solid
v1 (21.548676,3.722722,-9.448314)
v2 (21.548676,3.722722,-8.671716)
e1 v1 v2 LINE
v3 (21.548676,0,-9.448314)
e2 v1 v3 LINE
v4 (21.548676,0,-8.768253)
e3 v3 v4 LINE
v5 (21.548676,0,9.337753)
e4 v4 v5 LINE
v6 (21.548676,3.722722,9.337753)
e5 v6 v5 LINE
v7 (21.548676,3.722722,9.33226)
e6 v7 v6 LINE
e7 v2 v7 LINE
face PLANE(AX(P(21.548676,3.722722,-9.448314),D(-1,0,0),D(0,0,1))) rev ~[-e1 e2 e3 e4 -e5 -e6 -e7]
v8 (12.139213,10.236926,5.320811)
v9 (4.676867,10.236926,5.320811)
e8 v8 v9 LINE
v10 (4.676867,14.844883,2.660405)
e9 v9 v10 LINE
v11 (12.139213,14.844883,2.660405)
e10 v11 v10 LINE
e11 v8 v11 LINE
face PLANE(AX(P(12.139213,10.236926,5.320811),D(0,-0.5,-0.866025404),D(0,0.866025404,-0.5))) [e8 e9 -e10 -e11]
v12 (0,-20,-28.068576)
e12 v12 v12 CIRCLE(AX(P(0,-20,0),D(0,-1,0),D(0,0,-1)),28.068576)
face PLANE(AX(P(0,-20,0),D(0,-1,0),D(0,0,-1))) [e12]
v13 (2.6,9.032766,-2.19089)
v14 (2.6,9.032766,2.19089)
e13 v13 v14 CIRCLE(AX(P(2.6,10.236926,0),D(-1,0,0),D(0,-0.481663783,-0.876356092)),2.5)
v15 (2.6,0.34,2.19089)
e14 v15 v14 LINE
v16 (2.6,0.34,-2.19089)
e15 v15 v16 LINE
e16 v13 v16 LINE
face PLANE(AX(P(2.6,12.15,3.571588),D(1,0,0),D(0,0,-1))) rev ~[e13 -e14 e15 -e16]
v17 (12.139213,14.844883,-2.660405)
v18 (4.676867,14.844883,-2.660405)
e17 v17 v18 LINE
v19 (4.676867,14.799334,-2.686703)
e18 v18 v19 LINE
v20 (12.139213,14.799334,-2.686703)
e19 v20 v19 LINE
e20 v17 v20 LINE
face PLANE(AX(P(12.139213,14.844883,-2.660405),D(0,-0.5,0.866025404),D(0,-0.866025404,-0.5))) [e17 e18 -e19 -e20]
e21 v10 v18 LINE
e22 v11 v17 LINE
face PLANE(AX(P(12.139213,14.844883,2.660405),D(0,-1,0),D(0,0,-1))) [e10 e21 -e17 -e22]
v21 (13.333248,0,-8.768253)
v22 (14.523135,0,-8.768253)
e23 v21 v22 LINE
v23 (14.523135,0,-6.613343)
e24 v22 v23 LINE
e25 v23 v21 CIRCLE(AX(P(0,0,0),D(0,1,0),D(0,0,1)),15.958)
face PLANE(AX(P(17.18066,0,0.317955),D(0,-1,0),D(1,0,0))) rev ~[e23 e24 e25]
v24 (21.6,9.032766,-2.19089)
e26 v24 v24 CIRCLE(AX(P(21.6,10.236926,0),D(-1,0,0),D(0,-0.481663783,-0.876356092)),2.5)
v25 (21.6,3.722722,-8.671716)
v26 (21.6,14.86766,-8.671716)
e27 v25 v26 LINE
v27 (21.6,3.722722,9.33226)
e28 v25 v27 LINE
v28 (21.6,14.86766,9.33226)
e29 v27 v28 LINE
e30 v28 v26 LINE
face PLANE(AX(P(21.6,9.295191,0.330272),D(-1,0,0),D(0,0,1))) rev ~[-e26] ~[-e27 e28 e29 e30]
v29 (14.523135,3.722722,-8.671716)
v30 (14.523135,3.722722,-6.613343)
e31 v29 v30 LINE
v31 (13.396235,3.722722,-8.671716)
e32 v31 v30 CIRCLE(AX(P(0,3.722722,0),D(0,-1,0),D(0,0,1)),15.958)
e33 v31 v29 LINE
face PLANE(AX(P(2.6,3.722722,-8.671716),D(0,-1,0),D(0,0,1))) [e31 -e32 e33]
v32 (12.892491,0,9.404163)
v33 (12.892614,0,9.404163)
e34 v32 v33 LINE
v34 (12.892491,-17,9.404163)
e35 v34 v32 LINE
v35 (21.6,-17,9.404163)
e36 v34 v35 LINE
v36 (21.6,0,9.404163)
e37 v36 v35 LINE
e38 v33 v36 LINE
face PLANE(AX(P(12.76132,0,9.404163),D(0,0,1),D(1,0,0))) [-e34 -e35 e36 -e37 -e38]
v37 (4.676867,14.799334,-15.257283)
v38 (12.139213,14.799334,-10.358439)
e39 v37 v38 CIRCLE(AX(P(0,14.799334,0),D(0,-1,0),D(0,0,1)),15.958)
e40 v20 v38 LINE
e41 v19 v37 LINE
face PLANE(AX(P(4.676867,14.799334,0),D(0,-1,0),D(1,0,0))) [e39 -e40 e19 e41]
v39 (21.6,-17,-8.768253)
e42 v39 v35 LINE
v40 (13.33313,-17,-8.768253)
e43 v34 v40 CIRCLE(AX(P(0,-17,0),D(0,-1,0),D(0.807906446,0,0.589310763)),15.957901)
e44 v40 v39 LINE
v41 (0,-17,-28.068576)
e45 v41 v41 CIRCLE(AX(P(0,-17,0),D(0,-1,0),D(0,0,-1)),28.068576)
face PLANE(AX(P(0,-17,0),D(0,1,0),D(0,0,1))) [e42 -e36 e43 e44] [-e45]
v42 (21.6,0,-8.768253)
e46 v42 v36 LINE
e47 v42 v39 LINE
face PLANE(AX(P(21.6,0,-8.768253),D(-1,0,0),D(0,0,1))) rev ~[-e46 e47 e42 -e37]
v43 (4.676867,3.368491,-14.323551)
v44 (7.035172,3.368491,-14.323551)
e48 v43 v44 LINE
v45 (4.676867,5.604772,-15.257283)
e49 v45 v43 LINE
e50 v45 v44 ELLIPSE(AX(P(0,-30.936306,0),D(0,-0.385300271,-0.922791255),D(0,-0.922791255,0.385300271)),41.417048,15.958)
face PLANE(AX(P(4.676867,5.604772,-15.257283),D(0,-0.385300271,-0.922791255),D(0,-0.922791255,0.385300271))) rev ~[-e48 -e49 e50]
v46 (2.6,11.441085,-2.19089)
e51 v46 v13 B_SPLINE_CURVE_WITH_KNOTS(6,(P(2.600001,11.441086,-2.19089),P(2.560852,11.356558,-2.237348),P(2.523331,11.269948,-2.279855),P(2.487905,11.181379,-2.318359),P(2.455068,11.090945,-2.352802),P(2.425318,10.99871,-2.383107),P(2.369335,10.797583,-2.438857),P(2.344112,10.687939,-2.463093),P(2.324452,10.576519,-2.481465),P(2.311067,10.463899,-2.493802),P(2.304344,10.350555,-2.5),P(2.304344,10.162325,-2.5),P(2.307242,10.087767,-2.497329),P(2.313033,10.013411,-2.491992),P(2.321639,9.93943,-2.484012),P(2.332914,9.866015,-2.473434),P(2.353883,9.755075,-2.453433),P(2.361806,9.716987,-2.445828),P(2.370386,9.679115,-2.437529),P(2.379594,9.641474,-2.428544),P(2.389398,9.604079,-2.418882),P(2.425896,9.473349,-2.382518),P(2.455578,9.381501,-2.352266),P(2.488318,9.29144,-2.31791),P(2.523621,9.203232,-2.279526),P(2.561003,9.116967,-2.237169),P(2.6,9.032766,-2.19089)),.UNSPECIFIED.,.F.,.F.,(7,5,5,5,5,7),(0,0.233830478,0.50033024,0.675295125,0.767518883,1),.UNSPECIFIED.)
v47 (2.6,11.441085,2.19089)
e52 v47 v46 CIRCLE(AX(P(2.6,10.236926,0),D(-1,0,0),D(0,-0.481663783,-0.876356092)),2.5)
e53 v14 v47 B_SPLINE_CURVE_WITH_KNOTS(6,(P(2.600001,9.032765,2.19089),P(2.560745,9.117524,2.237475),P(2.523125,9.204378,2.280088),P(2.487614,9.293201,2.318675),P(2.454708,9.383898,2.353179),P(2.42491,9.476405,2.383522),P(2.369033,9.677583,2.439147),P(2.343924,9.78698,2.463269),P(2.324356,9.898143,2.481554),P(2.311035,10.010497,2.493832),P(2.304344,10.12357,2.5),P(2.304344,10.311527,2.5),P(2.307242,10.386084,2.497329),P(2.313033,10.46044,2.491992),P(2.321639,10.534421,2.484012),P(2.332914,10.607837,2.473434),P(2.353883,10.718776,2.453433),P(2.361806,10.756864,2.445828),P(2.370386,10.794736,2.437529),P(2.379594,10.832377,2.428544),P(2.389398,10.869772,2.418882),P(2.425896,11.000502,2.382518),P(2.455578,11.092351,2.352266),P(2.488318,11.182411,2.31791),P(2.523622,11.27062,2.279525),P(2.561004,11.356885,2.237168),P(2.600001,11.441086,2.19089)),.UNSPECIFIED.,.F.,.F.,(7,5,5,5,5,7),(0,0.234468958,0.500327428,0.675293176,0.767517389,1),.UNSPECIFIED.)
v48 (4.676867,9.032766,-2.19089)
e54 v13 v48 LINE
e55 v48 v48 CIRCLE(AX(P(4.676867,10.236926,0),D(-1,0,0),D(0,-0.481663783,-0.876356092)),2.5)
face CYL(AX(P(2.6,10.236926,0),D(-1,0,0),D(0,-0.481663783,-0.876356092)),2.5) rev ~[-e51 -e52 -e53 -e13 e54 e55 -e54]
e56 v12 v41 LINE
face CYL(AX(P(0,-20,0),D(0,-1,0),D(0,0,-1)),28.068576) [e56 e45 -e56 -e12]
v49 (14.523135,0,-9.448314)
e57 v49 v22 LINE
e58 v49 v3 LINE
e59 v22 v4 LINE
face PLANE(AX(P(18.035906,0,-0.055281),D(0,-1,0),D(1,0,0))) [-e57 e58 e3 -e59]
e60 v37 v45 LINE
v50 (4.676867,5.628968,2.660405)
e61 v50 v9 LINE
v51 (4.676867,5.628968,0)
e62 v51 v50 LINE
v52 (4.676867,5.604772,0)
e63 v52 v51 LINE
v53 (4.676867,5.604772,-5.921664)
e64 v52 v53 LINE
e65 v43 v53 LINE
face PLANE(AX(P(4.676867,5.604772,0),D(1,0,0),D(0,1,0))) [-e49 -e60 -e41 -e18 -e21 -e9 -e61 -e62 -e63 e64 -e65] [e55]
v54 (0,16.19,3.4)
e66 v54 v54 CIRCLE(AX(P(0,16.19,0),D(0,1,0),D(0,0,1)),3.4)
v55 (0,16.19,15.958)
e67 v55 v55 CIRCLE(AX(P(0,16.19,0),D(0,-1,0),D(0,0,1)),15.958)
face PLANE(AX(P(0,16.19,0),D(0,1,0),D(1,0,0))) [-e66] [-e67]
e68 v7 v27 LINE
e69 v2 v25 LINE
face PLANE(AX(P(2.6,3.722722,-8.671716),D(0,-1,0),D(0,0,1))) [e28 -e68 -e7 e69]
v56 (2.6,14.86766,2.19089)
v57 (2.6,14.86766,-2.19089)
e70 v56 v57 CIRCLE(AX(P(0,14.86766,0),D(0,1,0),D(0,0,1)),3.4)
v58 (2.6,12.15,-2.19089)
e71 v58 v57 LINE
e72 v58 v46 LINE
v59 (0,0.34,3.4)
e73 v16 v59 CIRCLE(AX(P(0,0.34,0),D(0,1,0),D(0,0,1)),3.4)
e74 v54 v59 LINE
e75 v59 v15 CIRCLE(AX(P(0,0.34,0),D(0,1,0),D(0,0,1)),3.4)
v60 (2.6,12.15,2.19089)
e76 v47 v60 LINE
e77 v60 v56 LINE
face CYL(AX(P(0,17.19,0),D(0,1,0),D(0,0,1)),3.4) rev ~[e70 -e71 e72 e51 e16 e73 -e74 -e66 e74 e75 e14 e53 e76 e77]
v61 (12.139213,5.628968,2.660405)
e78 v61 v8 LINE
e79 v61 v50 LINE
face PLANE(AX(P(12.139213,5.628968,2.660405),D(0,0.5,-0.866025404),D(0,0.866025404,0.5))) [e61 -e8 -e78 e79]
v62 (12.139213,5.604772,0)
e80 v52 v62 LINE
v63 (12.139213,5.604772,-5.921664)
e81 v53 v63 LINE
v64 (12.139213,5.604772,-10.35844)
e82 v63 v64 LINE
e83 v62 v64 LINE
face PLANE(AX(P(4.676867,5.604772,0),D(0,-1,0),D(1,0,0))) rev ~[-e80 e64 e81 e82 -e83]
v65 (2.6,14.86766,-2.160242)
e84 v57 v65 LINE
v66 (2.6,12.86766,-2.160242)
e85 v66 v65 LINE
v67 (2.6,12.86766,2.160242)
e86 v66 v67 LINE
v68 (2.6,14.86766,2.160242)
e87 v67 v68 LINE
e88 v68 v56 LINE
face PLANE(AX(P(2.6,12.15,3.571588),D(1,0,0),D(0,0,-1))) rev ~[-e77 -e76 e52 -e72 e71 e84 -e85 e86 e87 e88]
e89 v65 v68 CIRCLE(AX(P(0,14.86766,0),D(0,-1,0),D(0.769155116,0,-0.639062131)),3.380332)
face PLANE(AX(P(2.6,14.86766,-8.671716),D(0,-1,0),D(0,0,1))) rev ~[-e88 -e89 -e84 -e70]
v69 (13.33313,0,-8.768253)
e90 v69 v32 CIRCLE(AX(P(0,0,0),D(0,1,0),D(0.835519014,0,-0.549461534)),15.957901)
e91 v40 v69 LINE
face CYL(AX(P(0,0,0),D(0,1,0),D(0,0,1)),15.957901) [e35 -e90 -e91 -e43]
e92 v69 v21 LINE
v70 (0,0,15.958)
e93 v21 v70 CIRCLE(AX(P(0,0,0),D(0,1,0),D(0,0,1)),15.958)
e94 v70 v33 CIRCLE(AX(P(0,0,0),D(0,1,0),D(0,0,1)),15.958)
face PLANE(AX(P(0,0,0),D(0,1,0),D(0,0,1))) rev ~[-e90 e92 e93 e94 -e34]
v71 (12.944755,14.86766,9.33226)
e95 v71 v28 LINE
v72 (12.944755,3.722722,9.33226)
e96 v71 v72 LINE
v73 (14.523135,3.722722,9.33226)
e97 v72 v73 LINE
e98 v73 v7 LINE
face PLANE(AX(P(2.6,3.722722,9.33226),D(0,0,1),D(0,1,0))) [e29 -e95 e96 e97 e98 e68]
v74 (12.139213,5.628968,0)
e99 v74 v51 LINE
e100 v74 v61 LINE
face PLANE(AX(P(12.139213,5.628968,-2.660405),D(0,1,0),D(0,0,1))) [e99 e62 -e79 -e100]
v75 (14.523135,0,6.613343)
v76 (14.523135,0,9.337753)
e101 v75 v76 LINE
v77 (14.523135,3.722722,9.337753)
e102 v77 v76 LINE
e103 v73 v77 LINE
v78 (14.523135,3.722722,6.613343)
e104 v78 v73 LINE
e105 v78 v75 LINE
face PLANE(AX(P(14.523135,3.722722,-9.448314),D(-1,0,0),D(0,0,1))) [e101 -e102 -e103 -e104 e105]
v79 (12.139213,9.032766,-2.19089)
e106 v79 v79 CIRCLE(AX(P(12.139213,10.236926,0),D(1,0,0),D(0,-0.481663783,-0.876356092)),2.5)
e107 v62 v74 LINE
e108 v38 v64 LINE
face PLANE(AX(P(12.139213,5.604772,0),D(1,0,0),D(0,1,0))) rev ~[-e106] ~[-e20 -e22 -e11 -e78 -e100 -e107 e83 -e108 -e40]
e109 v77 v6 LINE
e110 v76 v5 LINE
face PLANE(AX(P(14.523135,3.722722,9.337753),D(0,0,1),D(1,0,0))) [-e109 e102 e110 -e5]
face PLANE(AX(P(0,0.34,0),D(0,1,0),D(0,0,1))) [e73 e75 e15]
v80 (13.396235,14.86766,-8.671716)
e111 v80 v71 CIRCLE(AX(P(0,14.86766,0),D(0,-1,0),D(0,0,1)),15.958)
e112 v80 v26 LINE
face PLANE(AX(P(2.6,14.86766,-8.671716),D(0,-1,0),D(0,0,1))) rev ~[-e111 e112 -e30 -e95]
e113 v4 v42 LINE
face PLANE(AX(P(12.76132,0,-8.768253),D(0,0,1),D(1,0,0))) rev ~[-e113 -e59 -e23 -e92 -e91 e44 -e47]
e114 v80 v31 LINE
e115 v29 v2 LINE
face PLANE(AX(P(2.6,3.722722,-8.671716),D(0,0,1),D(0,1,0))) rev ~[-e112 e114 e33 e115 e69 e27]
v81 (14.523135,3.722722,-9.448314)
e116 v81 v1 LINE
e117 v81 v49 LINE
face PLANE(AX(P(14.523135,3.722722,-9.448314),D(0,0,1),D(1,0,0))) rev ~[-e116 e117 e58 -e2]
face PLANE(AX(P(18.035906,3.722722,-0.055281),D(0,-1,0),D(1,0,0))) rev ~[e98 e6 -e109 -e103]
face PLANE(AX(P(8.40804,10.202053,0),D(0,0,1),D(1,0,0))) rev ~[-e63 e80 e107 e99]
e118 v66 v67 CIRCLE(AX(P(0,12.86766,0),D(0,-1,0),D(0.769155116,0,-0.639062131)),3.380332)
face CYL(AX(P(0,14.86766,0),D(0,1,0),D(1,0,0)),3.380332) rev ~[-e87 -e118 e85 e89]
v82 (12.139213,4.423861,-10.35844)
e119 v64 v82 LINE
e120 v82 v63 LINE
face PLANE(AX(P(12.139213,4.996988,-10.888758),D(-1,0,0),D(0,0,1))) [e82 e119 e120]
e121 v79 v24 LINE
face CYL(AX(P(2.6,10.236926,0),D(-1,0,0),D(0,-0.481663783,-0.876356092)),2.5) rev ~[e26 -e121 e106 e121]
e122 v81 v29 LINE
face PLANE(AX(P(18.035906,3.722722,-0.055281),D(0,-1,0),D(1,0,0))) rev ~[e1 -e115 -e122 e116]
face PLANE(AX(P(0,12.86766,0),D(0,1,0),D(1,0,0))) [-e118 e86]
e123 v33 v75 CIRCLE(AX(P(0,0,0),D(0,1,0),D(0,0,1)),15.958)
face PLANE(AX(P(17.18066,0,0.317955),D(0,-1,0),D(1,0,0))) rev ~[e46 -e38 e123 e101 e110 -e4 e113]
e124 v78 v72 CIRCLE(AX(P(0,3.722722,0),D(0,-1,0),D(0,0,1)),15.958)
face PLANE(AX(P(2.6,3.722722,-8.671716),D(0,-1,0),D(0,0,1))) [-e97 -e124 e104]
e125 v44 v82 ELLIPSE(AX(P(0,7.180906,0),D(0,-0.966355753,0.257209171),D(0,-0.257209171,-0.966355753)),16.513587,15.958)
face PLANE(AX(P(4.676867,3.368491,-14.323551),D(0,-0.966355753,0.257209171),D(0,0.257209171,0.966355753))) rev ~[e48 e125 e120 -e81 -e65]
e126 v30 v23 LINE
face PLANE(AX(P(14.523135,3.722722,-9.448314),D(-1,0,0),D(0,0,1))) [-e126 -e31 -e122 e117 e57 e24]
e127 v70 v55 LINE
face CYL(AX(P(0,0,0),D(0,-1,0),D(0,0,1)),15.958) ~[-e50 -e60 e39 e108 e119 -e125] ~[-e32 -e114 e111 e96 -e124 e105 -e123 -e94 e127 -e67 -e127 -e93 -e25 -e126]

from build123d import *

# Parameters (mm, degrees)
SKETCH1_R                                      = 15.958
SHAFTHOLDERNEARMOTOR_DEPTH                     = 17.19
SKETCH2_R                                      = 3.4
SHAFTHOLE_DEPTH                                = 16.85
SKETCH5_W                                      = 1.550685087
SKETCH5_H                                      = 7.184215806
BOSS_EXTRUDE2_DEPTH                            = 13.55
SKETCH7_W                                      = 18.003976239
SKETCH7_H                                      = 11.144937805
BOSS_EXTRUDE3_DEPTH                            = 19
SKETCH6_R                                      = 2.5
BOLTHOLE_DEPTH                                 = 1
BOLTHOLE_DEPTH_BACK                            = 19
SKETCH10_R                                     = 50
BOSS_EXTRUDE4_DEPTH                            = 20
SKETCH12_R                                     = 43
SKETCH12_R_2                                   = 15.95790089
CUTTOREMVEEXCESSMATERIAL_DEPTH                 = 17
SKETCH13_R                                     = 50
SKETCH13_R_2                                   = 42.696683681
BOSS_EXTRUDE5_DEPTH                            = 17
SKETCH9_W                                      = 7.462346342
SKETCH9_H                                      = 9.19456217
NUTOPENING_DEPTH                               = 74.484692283
HEXCUT_DEPTH                                   = 7.462346343
SKETCH16_R                                     = 6
CUT_EXTRUDE7_DEPTH                             = 40
SKETCH19_R                                     = 12
CUT_EXTRUDE8_DEPTH                             = 5
SKETCH20_R                                     = 12
CUT_EXTRUDE9_DEPTH                             = 5
SKETCH22_R                                     = 12.553525499
CUT_EXTRUDE10_DEPTH                            = 5
SKETCH21_R                                     = 10
CUT_EXTRUDE11_DEPTH                            = 5
SKETCH23_R                                     = 11.965333231
CUT_EXTRUDE12_DEPTH                            = 5
SKETCH25_R                                     = 9.629681042
CUT_EXTRUDE13_DEPTH                            = 5
SKETCH26_R                                     = 15.012411299
CUT_EXTRUDE14_DEPTH                            = 5
SKETCH27_R                                     = 11.854712092
CUT_EXTRUDE15_DEPTH                            = 5
SKETCH28_W                                     = 8.838679887
SKETCH28_H                                     = 18.172415452
BOSS_EXTRUDE6_DEPTH                            = 17
SKETCH29_W                                     = 7.025540803
SKETCH29_H                                     = 18.786067296
BOSS_EXTRUDE7_DEPTH                            = 3.722722351
SKETCH31_R                                     = 26.336547497
CUT_EXTRUDE16_DEPTH                            = 1
SKETCH32_R                                     = 3.380332453
CUT_EXTRUDE17_DEPTH                            = 2
SKETCH33_R                                     = 63.32413164
SKETCH33_R_2                                   = 28.068575678
REMOVEOUTSIDEOFWHEEL_WOULDLIKETODISABLET_DEPTH = 80.806015003
CUTOUTWEDGETOMAKEBOTINSERTIONEASIER_DEPTH      = 7.462346


with BuildPart() as part:
    # Sketch1 → ShaftHolderNearMotor (new body)
    with BuildSketch(Plane(origin=(0, 0, 0), x_dir=(1, 0, 0), z_dir=(0, 1, 0))):
        with Locations(Location((0, 0, 0), (0, 0, 270))):
            Circle(SKETCH1_R)
    extrude(amount=SHAFTHOLDERNEARMOTOR_DEPTH)

    # Sketch2 → ShaftHole (cut)
    with BuildSketch(Plane(origin=(0, 17.19, 0), x_dir=(1, 0, 0), z_dir=(0, 1, 0))):
        with Locations(Location((0, 0, 0), (0, 0, 270))):
            Circle(SKETCH2_R)
    extrude(amount=-SHAFTHOLE_DEPTH, mode=Mode.SUBTRACT)

    # Sketch5 → Boss-Extrude2 (add)
    with BuildSketch(Plane(origin=(0, 12.15, 0), x_dir=(1, 0, 0), z_dir=(0, 1, 0))):
        with Locations((3.375342544, 0.020519704)):
            Rectangle(SKETCH5_W, SKETCH5_H)
    extrude(amount=-BOSS_EXTRUDE2_DEPTH)

    # Sketch7 → Boss-Extrude3 (add)
    with BuildSketch(Plane.ZY.offset(-2.6)):
        with Locations((0.33027221, 9.295191254)):
            Rectangle(SKETCH7_W, SKETCH7_H)
    extrude(amount=-BOSS_EXTRUDE3_DEPTH)

    # Sketch6 → BoltHole (cut, two sides)
    with BuildSketch(Plane.ZY.offset(-2.6)) as bolthole_sk:
        with Locations(Location((0, 10.236925537, 0), (0, 0, 208.794122803))):
            Circle(SKETCH6_R)
    extrude(amount=BOLTHOLE_DEPTH, mode=Mode.SUBTRACT)
    extrude(bolthole_sk.sketch, amount=-BOLTHOLE_DEPTH_BACK, mode=Mode.SUBTRACT)

    # Sketch10 → Boss-Extrude4 (add)
    with BuildSketch(Plane.XZ):
        with Locations(Location((0, 0, 0), (0, 0, 270))):
            Circle(SKETCH10_R)
    extrude(amount=BOSS_EXTRUDE4_DEPTH)

    # Sketch12 → CutToRemveExcessMaterial (cut)
    with BuildSketch(Plane(origin=(0, 0, 0), x_dir=(1, 0, 0), z_dir=(0, 1, 0))):
        with Locations(Location((0, 0, 0), (0, 0, 270))):
            Circle(SKETCH12_R)
        with Locations(Location((0, 0, 0), (0, 0, 270))):
            Circle(SKETCH12_R_2, mode=Mode.SUBTRACT)
    extrude(amount=-CUTTOREMVEEXCESSMATERIAL_DEPTH, mode=Mode.SUBTRACT)

    # Sketch13 → Boss-Extrude5 (add)
    with BuildSketch(Plane(origin=(0, 0, 0), x_dir=(1, 0, 0), z_dir=(0, 1, 0))):
        with Locations(Location((0, 0, 0), (0, 0, 270))):
            Circle(SKETCH13_R)
        with Locations(Location((0, 0, 0), (0, 0, 270))):
            Circle(SKETCH13_R_2, mode=Mode.SUBTRACT)
    extrude(amount=BOSS_EXTRUDE5_DEPTH)

    # Sketch9 → NutOpening (cut, through all)
    with BuildSketch(Plane.XY):
        with Locations((8.408039956, 10.202052717)):
            Rectangle(SKETCH9_W, SKETCH9_H)
    extrude(amount=-NUTOPENING_DEPTH, mode=Mode.SUBTRACT)

    # Sketch14 → HexCut (cut)
    with BuildSketch(Plane.ZY.offset(-12.139213127)):
        Polygon((-5.320810683, 10.236925537), (-2.660405341, 5.628968317), (2.660405341, 5.628968317), (5.320810683, 10.236925537), (2.660405341, 14.844882757), (-2.660405341, 14.844882757), align=None)
    extrude(amount=HEXCUT_DEPTH, mode=Mode.SUBTRACT)

    # Sketch16 → Cut-Extrude7 (cut)
    with BuildSketch(Plane(origin=(21.6, 0, 0), x_dir=(0, 0, -1), z_dir=(1, 0, 0))):
        with Locations(Location((0, 10.236925537, 0), (0, 0, 180))):
            Circle(SKETCH16_R)
    extrude(amount=CUT_EXTRUDE7_DEPTH, mode=Mode.SUBTRACT)

    # Sketch19 → Cut-Extrude8 (cut)
    with BuildSketch(Plane(origin=(9.351145186, 0, 49.117777675), x_dir=(0.9823555534957298, 0, -0.18702290372063646), z_dir=(0.18702290372063649, 0, 0.9823555534957299))):
        with Locations((-6.553798813, -15.044376388)):
            Circle(SKETCH19_R)
    extrude(amount=-CUT_EXTRUDE8_DEPTH, mode=Mode.SUBTRACT)

    # Sketch20 → Cut-Extrude9 (cut)
    with BuildSketch(Plane(origin=(35.756785301, 0, 34.949281894), x_dir=(0.6989856378867483, 0, -0.7151357060223296), z_dir=(0.7151357060223296, 0, 0.6989856378867483))):
        with Locations((3.558365894, 19.429208609)):
            Circle(SKETCH20_R)
    extrude(amount=-CUT_EXTRUDE9_DEPTH, mode=Mode.SUBTRACT)

    # Sketch22 → Cut-Extrude10 (cut)
    with BuildSketch(Plane(origin=(34.949281894, 0, -35.756785301), x_dir=(-0.7151357060223288, 0, -0.698985637886749), z_dir=(0.698985637886749, 0, -0.7151357060223288))):
        with Locations((5.427738333, 18.490794011)):
            Circle(SKETCH22_R)
    extrude(amount=-CUT_EXTRUDE10_DEPTH, mode=Mode.SUBTRACT)

    # Sketch21 → Cut-Extrude11 (cut)
    with BuildSketch(Plane(origin=(49.117777675, 0, -9.351145186), x_dir=(-0.18702290372063798, 0, -0.9823555534957294), z_dir=(0.9823555534957294, 0, -0.18702290372063798))):
        with Locations((-4.791175632, -19.221882877)):
            Circle(SKETCH21_R)
    extrude(amount=-CUT_EXTRUDE11_DEPTH, mode=Mode.SUBTRACT)

    # Sketch23 → Cut-Extrude12 (cut)
    with BuildSketch(Plane(origin=(-0.570991135, 0, -49.996739585), x_dir=(-0.9999347916987428, 0, 0.011419822695298289), z_dir=(-0.011419822695298287, 0, -0.9999347916987427))):
        with Locations((4.525183767, -20.017770037)):
            Circle(SKETCH23_R)
    extrude(amount=-CUT_EXTRUDE12_DEPTH, mode=Mode.SUBTRACT)

    # Sketch25 → Cut-Extrude13 (cut)
    with BuildSketch(Plane(origin=(-41.343771844, 0, -28.119255498), x_dir=(-0.5623851099550343, 0, 0.8268754368711554), z_dir=(-0.8268754368711554, 0, -0.5623851099550343))):
        with Locations((-2.649823638, 18.643158668)):
            Circle(SKETCH25_R)
    extrude(amount=-CUT_EXTRUDE13_DEPTH, mode=Mode.SUBTRACT)

    # Sketch26 → Cut-Extrude14 (cut)
    with BuildSketch(Plane(origin=(-49.117777675, 0, 9.351145186), x_dir=(0.18702290372063635, 0, 0.9823555534957298), z_dir=(-0.9823555534957298, 0, 0.18702290372063635))):
        with Locations((-4.497650602, -19.126376963)):
            Circle(SKETCH26_R)
    extrude(amount=-CUT_EXTRUDE14_DEPTH, mode=Mode.SUBTRACT)

    # Sketch27 → Cut-Extrude15 (cut)
    with BuildSketch(Plane(origin=(-28.119255498, 0, 41.343771844), x_dir=(0.8268754368711555, 0, 0.562385109955034), z_dir=(-0.562385109955034, 0, 0.8268754368711555))):
        with Locations((-2.287517393, 17.62218093)):
            Circle(SKETCH27_R)
    extrude(amount=-CUT_EXTRUDE15_DEPTH, mode=Mode.SUBTRACT)

    # Sketch28 → Boss-Extrude6 (add)
    with BuildSketch(Plane.XZ):
        with Locations((17.180660057, 0.317955018)):
            Rectangle(SKETCH28_W, SKETCH28_H)
    extrude(amount=BOSS_EXTRUDE6_DEPTH)

    # Sketch29 → Boss-Extrude7 (add)
    with BuildSketch(Plane.XZ.offset(-3.722722351)):
        with Locations((18.03590553, -0.055280695)):
            Rectangle(SKETCH29_W, SKETCH29_H)
    extrude(amount=BOSS_EXTRUDE7_DEPTH)

    # Sketch31 → Cut-Extrude16 (cut)
    with BuildSketch(Plane(origin=(0, 17.19, 0), x_dir=(1, 0, 0), z_dir=(0, 1, 0))):
        Circle(SKETCH31_R)
    extrude(amount=-CUT_EXTRUDE16_DEPTH, mode=Mode.SUBTRACT)

    # Sketch32 → Cut-Extrude17 (cut)
    with BuildSketch(Plane(origin=(0, 14.867660156, 0), x_dir=(1, 0, 0), z_dir=(0, 1, 0))):
        Circle(SKETCH32_R)
    extrude(amount=-CUT_EXTRUDE17_DEPTH, mode=Mode.SUBTRACT)

    # Sketch33 → RemoveOutsideOfWheel(WouldLikeToDisableThis) (cut, through all)
    with BuildSketch(Plane.XZ.offset(20)):
        Circle(SKETCH33_R)
        with Locations(Location((0, 0, 0), (0, 0, 270))):
            Circle(SKETCH33_R_2, mode=Mode.SUBTRACT)
    extrude(amount=-REMOVEOUTSIDEOFWHEEL_WOULDLIKETODISABLET_DEPTH, mode=Mode.SUBTRACT)

    # Sketch37 → CutOutWedgeToMakeBotInsertionEasier (cut)
    with BuildSketch(Plane(origin=(4.676866785, 0, 0), x_dir=(0, 0, -1), z_dir=(1, 0, 0))):
        Polygon((15.257282886, 5.604771632), (14.323551181, 3.368491211), (5.921663956, 5.604771632), align=None)
    extrude(amount=CUTOUTWEDGETOMAKEBOTINSERTIONEASIER_DEPTH, mode=Mode.SUBTRACT)


solid = part.part
